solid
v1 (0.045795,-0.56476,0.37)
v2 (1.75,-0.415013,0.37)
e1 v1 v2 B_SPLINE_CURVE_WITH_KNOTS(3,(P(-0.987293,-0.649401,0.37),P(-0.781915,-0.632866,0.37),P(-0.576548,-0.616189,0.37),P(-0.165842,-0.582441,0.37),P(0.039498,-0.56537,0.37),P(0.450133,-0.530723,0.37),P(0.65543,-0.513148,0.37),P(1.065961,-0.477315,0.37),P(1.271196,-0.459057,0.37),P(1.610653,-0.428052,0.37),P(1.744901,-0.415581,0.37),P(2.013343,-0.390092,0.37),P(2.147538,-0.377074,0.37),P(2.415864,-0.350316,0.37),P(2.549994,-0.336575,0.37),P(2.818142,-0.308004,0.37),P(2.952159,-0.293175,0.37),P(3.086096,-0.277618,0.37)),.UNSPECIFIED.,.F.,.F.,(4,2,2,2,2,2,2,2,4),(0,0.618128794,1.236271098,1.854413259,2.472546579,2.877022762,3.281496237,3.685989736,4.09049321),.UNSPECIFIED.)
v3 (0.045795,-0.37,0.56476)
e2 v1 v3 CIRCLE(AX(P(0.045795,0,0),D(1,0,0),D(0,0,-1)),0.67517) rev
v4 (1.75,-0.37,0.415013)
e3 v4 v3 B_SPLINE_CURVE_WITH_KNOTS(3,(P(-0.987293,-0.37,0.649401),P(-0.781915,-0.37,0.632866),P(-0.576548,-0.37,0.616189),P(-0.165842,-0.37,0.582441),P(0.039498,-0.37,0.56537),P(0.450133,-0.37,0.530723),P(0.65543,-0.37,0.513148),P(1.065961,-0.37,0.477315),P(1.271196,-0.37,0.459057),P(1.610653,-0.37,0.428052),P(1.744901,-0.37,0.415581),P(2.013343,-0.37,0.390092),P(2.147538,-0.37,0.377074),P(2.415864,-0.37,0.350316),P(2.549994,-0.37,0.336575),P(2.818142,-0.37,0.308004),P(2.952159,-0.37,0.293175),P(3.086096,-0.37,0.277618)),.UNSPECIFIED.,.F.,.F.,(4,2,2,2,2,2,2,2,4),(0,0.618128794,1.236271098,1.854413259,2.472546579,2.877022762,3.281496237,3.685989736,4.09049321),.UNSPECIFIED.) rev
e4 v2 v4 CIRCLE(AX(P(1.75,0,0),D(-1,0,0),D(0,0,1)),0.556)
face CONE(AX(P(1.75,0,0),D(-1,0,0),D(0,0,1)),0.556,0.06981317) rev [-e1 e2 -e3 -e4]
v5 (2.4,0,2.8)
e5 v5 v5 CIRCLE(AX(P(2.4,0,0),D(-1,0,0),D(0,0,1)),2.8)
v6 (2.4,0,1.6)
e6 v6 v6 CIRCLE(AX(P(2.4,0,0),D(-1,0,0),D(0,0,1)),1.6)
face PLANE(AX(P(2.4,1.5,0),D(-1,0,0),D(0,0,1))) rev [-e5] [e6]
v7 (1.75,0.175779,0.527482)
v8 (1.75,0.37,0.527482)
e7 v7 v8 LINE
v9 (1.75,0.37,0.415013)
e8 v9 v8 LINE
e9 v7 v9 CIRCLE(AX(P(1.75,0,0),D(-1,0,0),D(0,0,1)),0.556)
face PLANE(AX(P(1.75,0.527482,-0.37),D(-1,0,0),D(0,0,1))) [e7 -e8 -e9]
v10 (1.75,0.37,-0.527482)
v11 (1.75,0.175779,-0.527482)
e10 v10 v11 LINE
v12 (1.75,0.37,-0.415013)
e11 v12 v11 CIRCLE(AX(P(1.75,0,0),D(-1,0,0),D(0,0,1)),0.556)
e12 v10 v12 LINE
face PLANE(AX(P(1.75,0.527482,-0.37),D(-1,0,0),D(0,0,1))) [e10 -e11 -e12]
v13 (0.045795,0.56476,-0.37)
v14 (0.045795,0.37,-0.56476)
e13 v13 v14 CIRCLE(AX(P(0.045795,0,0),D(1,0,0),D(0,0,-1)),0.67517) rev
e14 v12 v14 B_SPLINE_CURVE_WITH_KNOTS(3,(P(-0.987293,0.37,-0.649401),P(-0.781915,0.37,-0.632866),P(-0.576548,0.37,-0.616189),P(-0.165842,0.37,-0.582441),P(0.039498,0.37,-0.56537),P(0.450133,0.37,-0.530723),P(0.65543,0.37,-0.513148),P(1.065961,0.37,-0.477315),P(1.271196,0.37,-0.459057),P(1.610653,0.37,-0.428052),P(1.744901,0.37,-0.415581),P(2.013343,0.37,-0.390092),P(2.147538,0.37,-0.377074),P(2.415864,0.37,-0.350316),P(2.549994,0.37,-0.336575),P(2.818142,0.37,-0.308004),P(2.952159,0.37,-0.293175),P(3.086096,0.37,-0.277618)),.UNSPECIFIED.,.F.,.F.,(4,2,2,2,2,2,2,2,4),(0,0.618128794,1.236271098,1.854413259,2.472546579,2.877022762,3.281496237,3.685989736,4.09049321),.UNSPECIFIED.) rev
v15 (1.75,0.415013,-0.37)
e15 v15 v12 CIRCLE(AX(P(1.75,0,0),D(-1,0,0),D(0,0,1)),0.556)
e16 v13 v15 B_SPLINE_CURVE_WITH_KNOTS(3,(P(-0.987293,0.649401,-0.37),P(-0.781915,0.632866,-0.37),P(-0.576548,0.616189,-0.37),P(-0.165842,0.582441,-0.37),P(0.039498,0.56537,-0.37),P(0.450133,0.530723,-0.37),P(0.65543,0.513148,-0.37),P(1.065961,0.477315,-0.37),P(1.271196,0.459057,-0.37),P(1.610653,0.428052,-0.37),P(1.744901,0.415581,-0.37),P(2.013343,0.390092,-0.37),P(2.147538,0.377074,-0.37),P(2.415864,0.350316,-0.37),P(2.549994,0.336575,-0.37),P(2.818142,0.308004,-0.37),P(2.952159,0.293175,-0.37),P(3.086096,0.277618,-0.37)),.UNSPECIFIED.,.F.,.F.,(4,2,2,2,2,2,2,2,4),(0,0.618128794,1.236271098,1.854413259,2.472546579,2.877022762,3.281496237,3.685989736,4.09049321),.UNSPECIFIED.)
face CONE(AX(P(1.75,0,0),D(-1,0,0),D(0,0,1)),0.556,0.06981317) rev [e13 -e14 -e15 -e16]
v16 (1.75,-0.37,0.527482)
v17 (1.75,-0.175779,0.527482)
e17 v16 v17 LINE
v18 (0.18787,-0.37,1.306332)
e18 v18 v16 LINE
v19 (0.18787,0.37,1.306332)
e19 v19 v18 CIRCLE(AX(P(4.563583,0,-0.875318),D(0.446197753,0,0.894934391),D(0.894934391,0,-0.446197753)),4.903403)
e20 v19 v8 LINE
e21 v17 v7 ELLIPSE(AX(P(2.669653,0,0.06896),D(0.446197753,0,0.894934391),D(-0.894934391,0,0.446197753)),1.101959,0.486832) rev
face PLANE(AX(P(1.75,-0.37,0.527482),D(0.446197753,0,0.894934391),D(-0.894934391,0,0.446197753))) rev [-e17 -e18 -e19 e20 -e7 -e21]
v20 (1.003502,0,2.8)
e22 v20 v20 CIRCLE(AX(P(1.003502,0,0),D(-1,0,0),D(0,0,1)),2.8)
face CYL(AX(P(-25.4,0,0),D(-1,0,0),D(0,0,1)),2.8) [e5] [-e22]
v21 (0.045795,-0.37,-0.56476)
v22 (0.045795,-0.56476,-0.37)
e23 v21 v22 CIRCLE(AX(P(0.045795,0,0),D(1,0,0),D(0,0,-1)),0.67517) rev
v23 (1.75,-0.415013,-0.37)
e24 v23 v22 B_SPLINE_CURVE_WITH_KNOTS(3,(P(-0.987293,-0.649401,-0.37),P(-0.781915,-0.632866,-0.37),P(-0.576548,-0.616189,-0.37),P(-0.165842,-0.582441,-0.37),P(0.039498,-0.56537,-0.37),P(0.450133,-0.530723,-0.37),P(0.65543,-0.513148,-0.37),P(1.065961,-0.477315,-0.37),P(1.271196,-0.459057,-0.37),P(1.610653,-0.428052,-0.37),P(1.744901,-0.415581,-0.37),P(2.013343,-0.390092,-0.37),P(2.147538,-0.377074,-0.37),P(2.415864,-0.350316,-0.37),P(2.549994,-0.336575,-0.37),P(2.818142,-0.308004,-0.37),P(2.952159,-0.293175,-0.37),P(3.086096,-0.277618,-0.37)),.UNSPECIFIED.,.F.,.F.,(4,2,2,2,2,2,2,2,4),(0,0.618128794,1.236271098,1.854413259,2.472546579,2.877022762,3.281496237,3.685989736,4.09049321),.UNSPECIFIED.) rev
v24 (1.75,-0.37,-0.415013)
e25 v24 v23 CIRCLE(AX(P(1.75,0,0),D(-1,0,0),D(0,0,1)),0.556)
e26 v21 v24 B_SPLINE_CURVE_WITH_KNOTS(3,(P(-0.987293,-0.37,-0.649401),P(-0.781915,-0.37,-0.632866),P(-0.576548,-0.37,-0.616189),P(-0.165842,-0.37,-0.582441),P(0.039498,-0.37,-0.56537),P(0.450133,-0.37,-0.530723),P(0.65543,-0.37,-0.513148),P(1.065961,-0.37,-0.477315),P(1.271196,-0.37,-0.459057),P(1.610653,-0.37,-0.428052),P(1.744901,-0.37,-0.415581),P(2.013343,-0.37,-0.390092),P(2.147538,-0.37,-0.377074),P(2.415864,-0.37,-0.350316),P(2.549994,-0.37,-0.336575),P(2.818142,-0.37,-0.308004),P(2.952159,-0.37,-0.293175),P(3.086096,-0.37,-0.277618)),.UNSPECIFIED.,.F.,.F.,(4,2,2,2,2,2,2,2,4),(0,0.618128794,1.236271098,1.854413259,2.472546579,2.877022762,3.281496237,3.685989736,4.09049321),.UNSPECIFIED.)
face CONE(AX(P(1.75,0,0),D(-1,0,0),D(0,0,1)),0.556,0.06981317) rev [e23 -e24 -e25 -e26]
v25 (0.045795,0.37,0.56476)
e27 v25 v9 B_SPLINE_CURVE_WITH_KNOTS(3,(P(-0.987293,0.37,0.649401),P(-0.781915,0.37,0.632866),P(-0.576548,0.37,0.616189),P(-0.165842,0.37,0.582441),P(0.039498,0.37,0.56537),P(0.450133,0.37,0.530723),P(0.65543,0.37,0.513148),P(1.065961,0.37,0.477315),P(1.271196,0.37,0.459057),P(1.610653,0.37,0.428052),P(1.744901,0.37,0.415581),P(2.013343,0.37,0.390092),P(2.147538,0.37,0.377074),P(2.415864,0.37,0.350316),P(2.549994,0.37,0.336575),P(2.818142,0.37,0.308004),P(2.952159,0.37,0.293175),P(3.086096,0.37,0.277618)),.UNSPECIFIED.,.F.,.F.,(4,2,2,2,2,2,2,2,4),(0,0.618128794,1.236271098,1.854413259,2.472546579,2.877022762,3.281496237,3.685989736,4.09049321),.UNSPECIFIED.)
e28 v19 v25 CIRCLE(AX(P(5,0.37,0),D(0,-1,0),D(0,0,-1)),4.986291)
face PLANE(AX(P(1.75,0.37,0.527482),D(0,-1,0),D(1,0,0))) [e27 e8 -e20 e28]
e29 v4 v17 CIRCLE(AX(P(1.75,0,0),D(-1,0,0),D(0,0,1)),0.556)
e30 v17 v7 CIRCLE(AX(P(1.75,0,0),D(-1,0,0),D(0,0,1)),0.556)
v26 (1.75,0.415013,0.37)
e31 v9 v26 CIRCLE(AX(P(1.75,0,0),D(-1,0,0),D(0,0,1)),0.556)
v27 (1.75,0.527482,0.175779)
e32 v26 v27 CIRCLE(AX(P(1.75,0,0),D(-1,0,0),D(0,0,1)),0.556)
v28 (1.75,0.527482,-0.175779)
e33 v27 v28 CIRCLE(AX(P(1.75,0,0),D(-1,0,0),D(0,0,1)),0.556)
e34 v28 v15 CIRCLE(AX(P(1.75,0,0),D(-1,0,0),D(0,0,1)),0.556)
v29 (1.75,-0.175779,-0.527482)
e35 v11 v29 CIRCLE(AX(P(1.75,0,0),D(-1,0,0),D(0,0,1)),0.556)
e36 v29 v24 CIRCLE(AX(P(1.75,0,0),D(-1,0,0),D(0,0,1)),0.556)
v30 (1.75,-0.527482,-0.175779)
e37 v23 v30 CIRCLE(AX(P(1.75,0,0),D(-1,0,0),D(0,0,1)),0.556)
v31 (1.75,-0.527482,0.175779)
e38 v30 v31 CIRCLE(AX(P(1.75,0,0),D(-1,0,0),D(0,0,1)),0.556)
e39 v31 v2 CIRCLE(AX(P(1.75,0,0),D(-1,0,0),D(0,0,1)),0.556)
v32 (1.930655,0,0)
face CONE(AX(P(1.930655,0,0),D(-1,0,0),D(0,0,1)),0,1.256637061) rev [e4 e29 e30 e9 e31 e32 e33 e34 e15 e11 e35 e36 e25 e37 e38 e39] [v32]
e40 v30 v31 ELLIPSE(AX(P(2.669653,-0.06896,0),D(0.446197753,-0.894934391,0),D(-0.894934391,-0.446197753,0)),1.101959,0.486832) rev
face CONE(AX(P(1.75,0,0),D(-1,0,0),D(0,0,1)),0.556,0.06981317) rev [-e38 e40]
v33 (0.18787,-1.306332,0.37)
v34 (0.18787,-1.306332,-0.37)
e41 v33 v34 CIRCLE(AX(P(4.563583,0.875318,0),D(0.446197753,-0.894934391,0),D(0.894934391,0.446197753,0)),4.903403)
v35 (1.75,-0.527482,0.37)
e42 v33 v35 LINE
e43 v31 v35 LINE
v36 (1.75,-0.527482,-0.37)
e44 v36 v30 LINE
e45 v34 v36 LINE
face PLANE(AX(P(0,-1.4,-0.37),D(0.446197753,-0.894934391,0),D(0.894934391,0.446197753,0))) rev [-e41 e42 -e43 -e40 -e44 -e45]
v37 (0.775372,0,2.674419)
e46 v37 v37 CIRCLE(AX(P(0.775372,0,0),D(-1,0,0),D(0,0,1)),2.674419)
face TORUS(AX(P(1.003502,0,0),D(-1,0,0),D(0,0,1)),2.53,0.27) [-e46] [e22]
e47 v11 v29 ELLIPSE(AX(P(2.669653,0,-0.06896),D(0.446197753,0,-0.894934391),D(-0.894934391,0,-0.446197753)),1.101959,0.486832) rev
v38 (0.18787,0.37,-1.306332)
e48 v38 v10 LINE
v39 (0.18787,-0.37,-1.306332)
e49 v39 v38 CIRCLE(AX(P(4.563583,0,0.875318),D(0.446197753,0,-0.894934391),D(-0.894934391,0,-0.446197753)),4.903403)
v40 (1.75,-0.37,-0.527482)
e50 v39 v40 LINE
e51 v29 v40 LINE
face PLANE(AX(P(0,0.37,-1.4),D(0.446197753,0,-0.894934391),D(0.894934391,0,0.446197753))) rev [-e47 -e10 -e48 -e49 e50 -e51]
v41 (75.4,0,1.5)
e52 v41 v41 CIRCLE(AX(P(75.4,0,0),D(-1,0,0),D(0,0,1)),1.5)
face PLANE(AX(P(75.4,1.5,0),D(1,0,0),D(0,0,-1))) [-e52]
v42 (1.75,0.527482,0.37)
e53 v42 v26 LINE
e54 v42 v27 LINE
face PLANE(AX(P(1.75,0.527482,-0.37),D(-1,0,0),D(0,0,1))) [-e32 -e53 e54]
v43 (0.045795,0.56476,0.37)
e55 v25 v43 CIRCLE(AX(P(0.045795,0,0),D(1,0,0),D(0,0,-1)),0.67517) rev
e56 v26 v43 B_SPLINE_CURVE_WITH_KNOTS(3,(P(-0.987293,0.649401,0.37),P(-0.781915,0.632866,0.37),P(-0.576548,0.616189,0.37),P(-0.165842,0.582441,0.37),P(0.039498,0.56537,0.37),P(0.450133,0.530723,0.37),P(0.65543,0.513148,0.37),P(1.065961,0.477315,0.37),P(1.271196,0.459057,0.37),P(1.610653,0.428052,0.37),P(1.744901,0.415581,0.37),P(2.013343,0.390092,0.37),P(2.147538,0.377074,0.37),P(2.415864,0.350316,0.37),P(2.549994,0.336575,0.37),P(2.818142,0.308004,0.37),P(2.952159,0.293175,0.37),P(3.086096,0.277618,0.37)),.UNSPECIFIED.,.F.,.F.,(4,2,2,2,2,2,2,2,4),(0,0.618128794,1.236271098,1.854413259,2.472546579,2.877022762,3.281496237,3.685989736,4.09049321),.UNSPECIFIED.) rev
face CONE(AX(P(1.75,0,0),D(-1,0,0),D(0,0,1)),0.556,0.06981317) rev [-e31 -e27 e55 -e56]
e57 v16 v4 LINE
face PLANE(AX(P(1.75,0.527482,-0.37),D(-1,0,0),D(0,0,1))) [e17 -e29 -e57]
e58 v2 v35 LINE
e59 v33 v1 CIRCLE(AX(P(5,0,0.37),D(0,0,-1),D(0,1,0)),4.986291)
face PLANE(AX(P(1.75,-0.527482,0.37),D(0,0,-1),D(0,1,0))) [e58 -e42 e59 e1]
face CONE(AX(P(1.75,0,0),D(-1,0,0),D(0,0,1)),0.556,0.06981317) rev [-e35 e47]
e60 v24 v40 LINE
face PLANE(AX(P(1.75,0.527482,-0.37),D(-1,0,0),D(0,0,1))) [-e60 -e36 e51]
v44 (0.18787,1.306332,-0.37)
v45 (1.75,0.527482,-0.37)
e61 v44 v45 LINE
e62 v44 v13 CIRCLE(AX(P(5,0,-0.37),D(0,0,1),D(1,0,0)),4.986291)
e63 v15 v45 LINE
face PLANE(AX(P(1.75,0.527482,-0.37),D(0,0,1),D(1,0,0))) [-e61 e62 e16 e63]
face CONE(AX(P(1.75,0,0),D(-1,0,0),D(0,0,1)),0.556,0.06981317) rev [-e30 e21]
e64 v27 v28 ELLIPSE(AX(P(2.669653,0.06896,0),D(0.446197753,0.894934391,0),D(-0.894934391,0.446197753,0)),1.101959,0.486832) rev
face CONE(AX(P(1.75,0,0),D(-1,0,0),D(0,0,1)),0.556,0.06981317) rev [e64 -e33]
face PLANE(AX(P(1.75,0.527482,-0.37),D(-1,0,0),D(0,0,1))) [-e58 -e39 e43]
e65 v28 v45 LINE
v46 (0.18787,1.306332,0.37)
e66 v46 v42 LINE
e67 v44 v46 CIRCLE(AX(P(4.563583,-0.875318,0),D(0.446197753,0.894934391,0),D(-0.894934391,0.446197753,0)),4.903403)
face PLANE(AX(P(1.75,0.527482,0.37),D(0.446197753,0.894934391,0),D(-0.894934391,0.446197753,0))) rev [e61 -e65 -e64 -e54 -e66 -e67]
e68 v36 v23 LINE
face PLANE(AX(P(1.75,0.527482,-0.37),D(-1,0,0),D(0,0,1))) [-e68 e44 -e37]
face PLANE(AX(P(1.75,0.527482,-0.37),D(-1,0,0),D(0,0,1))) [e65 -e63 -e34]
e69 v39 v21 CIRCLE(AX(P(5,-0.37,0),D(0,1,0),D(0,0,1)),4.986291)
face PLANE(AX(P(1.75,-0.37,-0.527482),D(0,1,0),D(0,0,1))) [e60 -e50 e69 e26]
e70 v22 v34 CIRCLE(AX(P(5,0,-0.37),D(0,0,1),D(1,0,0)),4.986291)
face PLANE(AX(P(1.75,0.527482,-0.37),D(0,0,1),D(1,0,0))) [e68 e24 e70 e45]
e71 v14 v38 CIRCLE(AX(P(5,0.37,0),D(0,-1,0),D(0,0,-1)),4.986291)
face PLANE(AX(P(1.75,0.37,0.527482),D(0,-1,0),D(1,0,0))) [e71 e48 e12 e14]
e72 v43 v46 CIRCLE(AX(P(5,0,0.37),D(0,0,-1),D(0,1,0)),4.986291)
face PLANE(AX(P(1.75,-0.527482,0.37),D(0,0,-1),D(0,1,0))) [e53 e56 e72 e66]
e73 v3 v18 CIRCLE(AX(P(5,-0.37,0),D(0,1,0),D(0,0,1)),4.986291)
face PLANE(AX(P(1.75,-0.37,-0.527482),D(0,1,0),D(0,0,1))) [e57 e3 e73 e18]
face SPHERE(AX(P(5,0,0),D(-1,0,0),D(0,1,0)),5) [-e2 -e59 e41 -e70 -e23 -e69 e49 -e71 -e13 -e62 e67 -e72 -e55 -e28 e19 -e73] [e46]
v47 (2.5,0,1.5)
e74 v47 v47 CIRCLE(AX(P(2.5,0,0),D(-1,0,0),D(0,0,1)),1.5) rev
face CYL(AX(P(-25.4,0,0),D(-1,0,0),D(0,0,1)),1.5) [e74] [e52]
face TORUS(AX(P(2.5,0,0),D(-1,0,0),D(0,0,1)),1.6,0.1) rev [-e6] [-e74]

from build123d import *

# Parameters (mm, degrees)
FILLET1_R    = 0.1
RECPAT_COUNT = 2
RECPAT_ANGLE = 90


with BuildPart() as part:
    # BodySke → Base-Revolve (revolve)
    with BuildSketch(Plane.XY, mode=Mode.PRIVATE) as base_revolve_sk:
        with BuildLine():
            Line((2.4, 1.5), (2.4, 2.8))
            Line((2.4, 2.8), (1.003501533, 2.8))
            ThreePointArc((1.003501533, 2.8), (0.873295971, 2.76653015), (0.775371599, 2.674418605))
            ThreePointArc((0.775371599, 2.674418605), (0.197753546, 1.392274756), (0, 0))
            Line((0, 0), (75.4, 0))
            Line((75.4, 0), (75.4, 1.5))
            Line((75.4, 1.5), (2.4, 1.5))
        make_face()
    revolve(base_revolve_sk.sketch.rotate(Axis((1.003501533, 0, 0), (1, 0, 0)), 90), axis=Axis((1.003501533, 0, 0), (1, 0, 0)))

    # Fillet1
    fillet1_edges = [part.edges().sort_by_distance(p)[0] for p in [
        (2.4, 0, -1.5),
    ]]
    fillet(fillet1_edges, radius=FILLET1_R)

    # Sketch3 → Recess section 0
    with BuildSketch(Plane(origin=(0, 0, 0), x_dir=(0, 0, -1), z_dir=(1, 0, 0))):
        with BuildLine():
            Line((0.37, -1.4), (-0.37, -1.4))
            Line((-0.37, -1.4), (-0.37, 1.4))
            Line((-0.37, 1.4), (0.37, 1.4))
            Line((0.37, 1.4), (0.37, -1.4))
        make_face()
    # Sketch4 → Recess section 1
    with BuildSketch(Plane(origin=(1.75, 0, 0), x_dir=(0, 0, -1), z_dir=(1, 0, 0))):
        with BuildLine():
            Line((0.37, -0.527482332), (-0.37, -0.527482332))
            Line((-0.37, -0.527482332), (-0.37, 0.527482332))
            Line((-0.37, 0.527482332), (0.37, 0.527482332))
            Line((0.37, 0.527482332), (0.37, -0.527482332))
        make_face()
    recess = loft(mode=Mode.SUBTRACT)

    # RecPat: Recess ×2 about axis
    recpat_axis = Axis((0, 0, 0), (1, 0, 0))
    for i in range(1, RECPAT_COUNT):
        add(recess.rotate(recpat_axis, i * RECPAT_ANGLE / (RECPAT_COUNT - 1)), mode=Mode.SUBTRACT)

    # RecCorSke → RecessCore (revolve, cut)
    with BuildSketch(Plane.XY, mode=Mode.PRIVATE) as recesscore_sk:
        Polygon((0, 0), (0, 0.678371921), (1.75, 0.556), (1.930655351, 0), align=None)
    revolve(recesscore_sk.sketch.rotate(Axis((-3.175, 0, 0), (1, 0, 0)), 15.814025638), axis=Axis((-3.175, 0, 0), (1, 0, 0)), mode=Mode.SUBTRACT)


solid = part.part
